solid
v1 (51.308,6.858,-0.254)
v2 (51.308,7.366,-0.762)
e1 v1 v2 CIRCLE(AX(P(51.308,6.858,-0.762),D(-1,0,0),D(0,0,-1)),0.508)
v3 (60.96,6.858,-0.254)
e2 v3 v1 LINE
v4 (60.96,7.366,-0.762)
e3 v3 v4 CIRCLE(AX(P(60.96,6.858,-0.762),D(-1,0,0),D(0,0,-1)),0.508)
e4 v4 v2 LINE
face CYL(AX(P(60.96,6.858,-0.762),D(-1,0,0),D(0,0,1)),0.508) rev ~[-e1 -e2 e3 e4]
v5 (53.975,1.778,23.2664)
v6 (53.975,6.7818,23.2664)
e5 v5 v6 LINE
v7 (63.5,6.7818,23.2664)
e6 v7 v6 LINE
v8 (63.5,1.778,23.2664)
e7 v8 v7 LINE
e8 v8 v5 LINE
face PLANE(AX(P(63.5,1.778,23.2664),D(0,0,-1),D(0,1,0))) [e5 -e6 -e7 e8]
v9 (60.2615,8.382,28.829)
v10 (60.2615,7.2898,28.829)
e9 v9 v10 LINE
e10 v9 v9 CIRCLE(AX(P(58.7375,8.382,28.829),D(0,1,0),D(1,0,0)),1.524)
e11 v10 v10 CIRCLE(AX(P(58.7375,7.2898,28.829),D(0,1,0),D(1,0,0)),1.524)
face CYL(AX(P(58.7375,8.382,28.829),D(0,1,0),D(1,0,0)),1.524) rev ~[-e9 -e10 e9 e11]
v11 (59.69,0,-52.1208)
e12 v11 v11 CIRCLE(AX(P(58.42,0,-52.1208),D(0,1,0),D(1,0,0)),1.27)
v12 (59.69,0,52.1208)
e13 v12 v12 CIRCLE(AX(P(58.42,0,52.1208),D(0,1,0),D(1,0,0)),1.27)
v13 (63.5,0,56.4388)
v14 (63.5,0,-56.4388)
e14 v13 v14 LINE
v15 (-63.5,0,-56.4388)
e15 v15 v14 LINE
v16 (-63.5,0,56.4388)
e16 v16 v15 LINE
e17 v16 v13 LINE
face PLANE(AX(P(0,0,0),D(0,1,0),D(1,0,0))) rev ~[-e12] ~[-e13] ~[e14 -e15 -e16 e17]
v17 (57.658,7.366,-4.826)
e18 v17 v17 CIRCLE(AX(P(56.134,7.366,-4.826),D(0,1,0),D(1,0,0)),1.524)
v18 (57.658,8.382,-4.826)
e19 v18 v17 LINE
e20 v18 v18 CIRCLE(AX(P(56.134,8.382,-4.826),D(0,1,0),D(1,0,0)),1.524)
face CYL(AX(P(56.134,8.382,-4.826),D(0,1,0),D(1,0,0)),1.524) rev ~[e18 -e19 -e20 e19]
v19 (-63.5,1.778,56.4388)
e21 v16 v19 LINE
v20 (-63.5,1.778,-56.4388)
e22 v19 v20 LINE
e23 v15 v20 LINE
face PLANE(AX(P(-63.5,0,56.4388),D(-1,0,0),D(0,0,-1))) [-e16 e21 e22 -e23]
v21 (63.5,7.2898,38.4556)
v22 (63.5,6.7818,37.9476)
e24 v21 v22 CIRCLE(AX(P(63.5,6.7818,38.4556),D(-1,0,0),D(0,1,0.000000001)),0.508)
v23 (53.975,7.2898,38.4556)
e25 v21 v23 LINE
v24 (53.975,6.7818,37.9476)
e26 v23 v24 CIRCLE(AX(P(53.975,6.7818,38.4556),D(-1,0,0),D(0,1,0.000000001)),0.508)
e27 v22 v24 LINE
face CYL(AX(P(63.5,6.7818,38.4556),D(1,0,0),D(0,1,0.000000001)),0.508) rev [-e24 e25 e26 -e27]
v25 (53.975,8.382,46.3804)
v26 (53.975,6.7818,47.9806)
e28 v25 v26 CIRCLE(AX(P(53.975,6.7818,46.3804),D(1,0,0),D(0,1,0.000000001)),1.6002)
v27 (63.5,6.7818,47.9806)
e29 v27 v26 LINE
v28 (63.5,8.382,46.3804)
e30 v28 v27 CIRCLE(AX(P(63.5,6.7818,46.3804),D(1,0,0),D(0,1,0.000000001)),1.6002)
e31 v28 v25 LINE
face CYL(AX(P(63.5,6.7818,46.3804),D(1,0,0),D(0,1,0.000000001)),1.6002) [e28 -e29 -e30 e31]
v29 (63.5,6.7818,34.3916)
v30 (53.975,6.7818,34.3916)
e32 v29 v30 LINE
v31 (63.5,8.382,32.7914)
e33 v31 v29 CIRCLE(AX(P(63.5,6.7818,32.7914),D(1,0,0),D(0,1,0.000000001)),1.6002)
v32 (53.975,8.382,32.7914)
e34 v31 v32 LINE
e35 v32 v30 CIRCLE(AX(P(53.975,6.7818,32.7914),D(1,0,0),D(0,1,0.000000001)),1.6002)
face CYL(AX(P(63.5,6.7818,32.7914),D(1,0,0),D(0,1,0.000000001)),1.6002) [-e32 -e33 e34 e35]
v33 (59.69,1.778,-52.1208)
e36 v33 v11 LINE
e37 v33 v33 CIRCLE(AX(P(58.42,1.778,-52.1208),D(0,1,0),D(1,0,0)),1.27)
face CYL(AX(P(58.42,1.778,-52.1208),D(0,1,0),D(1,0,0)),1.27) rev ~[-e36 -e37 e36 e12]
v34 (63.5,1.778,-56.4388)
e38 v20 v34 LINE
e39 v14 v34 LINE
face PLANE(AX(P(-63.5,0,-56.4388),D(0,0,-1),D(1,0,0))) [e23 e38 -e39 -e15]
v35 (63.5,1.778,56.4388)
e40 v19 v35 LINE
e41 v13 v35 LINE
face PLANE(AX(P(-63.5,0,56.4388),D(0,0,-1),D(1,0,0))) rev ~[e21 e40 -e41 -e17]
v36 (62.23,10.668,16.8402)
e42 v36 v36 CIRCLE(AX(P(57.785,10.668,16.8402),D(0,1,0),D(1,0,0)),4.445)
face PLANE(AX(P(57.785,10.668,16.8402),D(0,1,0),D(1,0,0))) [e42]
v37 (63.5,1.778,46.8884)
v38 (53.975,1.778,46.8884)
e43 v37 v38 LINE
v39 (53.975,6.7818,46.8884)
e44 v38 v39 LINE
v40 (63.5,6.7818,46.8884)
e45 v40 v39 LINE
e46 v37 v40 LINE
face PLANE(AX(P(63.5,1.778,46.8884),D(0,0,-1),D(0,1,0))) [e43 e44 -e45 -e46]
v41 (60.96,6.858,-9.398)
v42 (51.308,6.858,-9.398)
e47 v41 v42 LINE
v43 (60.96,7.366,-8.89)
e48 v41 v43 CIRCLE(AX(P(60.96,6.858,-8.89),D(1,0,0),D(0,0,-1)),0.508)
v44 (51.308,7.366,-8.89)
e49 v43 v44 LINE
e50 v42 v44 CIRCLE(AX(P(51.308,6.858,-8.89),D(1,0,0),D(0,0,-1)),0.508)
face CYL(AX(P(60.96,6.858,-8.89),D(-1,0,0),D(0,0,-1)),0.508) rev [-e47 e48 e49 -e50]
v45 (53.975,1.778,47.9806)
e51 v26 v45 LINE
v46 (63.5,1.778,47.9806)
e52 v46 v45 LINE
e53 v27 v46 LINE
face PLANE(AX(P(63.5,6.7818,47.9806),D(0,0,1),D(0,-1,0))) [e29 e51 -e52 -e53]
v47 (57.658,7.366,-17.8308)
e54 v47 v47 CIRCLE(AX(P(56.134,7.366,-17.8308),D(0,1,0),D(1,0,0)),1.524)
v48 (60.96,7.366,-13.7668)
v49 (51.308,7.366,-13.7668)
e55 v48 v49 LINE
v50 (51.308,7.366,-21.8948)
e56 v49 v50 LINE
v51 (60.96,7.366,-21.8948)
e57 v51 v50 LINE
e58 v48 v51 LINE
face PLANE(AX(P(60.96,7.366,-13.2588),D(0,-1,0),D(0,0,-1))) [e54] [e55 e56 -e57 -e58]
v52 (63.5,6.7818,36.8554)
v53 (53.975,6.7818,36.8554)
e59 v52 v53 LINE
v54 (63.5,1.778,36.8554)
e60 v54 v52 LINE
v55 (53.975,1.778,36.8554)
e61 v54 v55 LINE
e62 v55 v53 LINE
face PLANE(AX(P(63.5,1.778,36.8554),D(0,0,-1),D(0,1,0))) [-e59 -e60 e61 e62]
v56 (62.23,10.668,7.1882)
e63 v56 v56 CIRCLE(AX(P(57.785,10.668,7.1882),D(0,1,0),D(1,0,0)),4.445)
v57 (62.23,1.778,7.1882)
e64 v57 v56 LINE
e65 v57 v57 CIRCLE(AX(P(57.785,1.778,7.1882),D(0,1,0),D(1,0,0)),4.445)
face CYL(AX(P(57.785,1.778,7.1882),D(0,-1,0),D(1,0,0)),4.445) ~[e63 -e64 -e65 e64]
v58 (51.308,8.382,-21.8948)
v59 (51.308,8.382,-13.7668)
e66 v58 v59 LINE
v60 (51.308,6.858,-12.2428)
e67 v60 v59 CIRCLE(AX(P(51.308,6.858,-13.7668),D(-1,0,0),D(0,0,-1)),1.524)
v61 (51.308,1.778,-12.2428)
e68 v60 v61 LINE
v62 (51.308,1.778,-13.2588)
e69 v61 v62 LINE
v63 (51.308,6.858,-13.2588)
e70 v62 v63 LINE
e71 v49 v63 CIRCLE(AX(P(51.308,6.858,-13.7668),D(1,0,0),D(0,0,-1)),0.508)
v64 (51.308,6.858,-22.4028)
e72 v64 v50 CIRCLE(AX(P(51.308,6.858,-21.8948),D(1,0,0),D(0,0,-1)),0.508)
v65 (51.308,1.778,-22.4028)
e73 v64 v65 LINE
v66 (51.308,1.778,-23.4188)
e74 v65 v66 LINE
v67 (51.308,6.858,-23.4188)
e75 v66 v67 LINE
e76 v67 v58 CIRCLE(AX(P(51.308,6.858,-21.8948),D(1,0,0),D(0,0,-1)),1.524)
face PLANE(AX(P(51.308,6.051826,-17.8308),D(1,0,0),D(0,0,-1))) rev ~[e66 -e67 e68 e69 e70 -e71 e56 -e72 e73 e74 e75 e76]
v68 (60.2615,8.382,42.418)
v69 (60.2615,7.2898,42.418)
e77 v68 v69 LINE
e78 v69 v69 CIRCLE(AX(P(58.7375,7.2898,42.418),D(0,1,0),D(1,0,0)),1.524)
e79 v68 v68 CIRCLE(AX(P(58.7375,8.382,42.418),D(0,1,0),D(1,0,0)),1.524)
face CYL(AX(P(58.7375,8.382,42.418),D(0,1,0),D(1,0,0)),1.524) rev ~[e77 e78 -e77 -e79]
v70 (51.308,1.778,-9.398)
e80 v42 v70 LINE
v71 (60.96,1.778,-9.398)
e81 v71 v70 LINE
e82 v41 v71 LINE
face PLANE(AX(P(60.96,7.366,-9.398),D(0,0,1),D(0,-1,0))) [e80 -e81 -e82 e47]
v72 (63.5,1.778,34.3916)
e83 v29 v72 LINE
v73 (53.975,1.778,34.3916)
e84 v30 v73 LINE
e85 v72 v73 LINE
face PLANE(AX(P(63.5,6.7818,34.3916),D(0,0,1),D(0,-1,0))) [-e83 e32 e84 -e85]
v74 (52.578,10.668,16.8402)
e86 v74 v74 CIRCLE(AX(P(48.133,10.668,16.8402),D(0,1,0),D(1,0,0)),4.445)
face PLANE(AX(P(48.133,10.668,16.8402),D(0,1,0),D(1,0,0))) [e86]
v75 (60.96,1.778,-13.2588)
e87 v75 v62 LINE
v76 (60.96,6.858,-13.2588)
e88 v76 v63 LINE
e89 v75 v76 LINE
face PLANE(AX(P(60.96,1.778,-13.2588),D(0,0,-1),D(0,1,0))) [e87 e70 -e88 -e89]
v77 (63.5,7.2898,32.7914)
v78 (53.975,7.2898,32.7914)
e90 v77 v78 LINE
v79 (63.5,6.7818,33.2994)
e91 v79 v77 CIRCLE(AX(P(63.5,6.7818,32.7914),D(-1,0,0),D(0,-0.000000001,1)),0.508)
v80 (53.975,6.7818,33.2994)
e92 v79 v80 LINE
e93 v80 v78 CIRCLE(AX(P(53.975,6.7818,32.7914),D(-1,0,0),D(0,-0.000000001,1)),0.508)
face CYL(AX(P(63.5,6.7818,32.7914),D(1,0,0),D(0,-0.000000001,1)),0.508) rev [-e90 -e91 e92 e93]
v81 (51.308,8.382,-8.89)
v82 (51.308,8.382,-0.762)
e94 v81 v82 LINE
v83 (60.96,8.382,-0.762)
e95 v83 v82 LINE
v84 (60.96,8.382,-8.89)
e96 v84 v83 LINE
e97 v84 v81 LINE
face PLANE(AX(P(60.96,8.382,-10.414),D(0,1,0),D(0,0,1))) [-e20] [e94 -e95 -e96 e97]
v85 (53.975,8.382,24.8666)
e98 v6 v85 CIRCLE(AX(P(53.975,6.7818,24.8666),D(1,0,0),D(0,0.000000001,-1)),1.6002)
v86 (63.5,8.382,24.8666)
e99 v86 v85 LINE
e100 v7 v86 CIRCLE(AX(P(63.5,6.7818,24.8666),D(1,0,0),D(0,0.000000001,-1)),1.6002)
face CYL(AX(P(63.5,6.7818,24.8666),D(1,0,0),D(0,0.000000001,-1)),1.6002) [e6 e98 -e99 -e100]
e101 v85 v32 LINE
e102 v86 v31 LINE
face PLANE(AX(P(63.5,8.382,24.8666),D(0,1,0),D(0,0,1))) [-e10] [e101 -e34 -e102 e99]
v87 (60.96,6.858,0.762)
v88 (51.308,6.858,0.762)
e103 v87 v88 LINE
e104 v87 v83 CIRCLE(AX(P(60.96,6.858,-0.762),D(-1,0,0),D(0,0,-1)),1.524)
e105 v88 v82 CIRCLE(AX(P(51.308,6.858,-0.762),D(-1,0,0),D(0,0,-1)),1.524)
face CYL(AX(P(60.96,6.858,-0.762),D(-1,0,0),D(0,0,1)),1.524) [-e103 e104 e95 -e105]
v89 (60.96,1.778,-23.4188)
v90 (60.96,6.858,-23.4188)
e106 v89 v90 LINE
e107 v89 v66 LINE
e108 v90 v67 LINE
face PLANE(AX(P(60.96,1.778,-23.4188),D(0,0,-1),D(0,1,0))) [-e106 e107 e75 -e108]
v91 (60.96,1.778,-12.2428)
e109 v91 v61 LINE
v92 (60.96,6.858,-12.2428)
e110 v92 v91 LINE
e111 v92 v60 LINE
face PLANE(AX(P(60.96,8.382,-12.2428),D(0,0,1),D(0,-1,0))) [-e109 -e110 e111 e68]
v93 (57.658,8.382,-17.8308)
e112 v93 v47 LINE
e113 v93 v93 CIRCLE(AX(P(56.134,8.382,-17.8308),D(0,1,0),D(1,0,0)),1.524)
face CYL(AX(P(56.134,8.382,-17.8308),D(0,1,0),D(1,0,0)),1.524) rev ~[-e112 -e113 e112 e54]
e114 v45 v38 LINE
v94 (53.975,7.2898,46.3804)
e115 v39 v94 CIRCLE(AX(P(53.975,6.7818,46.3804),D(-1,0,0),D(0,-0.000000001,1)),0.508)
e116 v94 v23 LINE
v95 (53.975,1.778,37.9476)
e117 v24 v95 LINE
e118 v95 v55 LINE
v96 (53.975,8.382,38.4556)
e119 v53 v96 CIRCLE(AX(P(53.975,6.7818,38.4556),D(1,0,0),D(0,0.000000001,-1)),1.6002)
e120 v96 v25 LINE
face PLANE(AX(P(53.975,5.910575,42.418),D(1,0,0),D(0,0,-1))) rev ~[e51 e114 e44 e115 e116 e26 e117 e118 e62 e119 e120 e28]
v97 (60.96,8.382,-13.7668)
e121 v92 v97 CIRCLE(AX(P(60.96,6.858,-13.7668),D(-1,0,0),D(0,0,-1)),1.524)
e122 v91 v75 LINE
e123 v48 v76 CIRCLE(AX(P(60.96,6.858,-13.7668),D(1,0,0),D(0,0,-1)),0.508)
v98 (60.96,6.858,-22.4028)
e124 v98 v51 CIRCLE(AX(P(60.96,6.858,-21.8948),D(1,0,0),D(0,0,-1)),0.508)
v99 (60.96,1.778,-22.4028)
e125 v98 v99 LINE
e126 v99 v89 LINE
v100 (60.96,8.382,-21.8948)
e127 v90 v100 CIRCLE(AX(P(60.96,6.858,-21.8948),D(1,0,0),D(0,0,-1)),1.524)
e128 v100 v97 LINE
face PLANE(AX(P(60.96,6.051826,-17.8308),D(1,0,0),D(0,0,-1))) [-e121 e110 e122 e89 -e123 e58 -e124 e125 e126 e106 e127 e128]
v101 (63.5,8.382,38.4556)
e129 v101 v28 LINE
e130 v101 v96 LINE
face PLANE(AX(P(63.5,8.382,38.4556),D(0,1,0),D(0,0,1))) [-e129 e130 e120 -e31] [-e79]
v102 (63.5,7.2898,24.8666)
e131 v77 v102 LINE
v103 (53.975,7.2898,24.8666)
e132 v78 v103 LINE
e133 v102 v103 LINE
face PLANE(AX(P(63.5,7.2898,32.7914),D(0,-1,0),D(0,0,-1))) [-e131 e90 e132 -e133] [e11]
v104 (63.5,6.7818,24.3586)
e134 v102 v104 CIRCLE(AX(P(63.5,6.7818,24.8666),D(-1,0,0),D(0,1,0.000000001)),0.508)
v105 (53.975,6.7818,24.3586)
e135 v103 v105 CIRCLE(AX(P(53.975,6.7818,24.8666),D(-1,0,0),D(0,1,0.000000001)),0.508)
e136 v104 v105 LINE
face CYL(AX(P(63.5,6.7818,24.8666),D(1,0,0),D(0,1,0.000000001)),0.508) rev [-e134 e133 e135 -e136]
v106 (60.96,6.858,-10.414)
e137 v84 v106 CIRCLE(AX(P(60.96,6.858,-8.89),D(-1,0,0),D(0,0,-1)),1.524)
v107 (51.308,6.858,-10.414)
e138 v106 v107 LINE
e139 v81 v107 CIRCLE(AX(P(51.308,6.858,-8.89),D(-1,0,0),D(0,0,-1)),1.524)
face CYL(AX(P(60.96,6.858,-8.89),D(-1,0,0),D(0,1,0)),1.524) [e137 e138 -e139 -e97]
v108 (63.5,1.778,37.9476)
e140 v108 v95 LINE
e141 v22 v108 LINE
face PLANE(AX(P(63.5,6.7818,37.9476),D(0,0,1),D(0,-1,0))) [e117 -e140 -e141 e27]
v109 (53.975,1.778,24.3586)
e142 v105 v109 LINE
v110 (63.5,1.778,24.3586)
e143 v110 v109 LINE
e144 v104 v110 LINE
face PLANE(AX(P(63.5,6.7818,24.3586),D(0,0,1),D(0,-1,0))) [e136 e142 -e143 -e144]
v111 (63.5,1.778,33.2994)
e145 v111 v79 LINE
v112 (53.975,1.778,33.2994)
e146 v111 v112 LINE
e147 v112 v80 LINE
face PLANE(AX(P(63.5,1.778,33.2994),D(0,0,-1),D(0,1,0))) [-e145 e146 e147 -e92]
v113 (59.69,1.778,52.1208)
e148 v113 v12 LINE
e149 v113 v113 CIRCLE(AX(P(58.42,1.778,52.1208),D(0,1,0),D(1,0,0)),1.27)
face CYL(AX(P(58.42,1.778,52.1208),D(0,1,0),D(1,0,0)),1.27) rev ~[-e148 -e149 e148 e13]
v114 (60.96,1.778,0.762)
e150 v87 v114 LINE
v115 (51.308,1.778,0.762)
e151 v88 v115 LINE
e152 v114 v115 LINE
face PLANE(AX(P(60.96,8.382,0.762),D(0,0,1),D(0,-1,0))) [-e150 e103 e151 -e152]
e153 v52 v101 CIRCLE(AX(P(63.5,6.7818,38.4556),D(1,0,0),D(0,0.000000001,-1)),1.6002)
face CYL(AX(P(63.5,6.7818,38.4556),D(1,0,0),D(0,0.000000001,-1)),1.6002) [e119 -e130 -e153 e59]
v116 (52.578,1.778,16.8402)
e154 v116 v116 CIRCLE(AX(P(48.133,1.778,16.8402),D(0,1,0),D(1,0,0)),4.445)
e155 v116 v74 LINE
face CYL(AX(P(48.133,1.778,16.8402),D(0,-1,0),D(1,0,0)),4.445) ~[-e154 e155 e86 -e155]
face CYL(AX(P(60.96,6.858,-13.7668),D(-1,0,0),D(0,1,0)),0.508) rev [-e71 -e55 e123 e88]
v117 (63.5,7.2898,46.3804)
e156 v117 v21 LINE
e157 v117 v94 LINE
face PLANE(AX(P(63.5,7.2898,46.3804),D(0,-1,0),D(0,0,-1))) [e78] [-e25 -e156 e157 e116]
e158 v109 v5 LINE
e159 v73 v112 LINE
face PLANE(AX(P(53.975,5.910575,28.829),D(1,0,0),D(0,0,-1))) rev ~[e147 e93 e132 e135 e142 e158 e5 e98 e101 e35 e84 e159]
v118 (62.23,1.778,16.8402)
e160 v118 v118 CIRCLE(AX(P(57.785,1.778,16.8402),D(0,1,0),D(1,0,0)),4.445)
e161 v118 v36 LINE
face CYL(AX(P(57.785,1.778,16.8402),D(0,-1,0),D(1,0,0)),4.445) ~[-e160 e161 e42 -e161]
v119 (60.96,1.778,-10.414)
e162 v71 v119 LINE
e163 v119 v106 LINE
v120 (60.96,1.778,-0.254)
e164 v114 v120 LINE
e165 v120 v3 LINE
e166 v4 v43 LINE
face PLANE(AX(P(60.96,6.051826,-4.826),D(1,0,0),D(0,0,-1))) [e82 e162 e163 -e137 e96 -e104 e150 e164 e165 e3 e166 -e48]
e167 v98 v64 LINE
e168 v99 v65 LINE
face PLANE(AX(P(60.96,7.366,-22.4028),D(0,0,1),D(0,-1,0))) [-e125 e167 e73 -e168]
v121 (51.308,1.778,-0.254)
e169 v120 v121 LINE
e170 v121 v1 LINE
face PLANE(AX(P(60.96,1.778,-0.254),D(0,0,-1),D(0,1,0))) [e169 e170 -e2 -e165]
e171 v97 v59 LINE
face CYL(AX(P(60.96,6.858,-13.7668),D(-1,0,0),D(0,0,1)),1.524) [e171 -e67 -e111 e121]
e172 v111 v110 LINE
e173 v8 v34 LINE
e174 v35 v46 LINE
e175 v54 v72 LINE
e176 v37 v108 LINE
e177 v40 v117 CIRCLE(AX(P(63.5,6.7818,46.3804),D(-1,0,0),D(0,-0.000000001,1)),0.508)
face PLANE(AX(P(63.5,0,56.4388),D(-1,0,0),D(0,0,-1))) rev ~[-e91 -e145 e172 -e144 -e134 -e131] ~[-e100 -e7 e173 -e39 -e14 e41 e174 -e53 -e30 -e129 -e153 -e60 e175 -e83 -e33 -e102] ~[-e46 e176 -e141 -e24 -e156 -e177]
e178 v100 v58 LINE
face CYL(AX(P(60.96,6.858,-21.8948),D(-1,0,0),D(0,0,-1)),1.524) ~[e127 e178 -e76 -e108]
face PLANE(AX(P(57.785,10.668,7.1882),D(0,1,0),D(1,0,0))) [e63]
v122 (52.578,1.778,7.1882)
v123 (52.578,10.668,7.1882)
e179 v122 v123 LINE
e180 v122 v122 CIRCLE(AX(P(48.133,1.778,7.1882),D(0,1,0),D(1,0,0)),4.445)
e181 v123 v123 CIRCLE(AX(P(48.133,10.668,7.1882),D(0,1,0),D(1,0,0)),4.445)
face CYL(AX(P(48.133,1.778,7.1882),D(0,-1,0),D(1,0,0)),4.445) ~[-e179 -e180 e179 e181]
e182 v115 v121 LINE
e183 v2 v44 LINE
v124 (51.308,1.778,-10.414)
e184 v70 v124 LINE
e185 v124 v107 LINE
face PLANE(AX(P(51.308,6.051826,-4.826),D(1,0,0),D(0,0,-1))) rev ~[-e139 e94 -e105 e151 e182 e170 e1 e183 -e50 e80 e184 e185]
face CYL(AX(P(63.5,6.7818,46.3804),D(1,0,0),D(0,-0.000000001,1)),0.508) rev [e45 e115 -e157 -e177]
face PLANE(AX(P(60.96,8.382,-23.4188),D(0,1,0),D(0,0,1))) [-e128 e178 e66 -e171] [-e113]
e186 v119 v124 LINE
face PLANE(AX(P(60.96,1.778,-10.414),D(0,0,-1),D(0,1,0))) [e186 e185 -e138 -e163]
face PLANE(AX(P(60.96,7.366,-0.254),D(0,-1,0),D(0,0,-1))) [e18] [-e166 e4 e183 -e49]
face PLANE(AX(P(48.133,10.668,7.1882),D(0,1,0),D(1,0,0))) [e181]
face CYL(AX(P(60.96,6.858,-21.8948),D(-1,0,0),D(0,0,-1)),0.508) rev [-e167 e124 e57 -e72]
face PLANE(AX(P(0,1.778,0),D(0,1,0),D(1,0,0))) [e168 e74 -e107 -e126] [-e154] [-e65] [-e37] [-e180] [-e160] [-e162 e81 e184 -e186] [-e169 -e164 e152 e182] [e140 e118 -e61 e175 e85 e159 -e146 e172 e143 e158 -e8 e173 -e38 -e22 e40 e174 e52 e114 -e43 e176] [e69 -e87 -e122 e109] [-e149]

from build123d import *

# Parameters (mm, degrees)
SKETCH1_W           = 127
SKETCH1_H           = 112.8776
BOSS_EXTRUDE1_DEPTH = 1.778
SKETCH2_R           = 1.27
CUT_EXTRUDE1_DEPTH  = 1.778
BOSS_EXTRUDE2_DEPTH = 9.525
SKETCH4_R           = 1.524
CUT_EXTRUDE2_DEPTH  = 1.0922
LPATTERN1_COUNT     = 2
LPATTERN1_PITCH     = 13.589
BOSS_EXTRUDE3_DEPTH = 9.652
SKETCH6_R           = 1.524
CUT_EXTRUDE3_DEPTH  = 1.016
FILLET1_R           = 1.524
FILLET2_R           = 0.508
LPATTERN2_COUNT     = 2
LPATTERN2_PITCH     = 13.0048
SKETCH7_R           = 1.524
CUT_EXTRUDE4_DEPTH  = 1.016
FILLET3_R           = 0.508
FILLET4_R           = 1.524
SKETCH8_R           = 4.445
BOSS_EXTRUDE4_DEPTH = 8.89


with BuildPart() as part:
    # Sketch1 → Boss-Extrude1 (new body)
    with BuildSketch(Plane(origin=(0, 0, 0), x_dir=(1, 0, 0), z_dir=(0, 1, 0))):
        Rectangle(SKETCH1_W, SKETCH1_H)
    extrude(amount=BOSS_EXTRUDE1_DEPTH)

    # Sketch2 → Cut-Extrude1 (cut)
    with BuildSketch(Plane(origin=(0, 1.778, 0), x_dir=(1, 0, 0), z_dir=(0, 1, 0))):
        with Locations((58.42, 52.1208)):
            Circle(SKETCH2_R)
        with Locations((58.42, -52.1208)):
            Circle(SKETCH2_R)
    extrude(amount=-CUT_EXTRUDE1_DEPTH, mode=Mode.SUBTRACT)

    # Sketch3 → Boss-Extrude2 (add)
    with BuildSketch(Plane(origin=(63.5, 0, 0), x_dir=(0, 0, -1), z_dir=(1, 0, 0))):
        with BuildLine():
            Line((-46.8884, 1.778), (-46.8884, 6.7818))
            ThreePointArc((-46.8884, 6.7818), (-46.739610245, 7.141010245), (-46.3804, 7.2898))
            Line((-46.3804, 7.2898), (-38.4556, 7.2898))
            ThreePointArc((-38.4556, 7.2898), (-38.096389755, 7.141010245), (-37.9476, 6.7818))
            Line((-37.9476, 6.7818), (-37.9476, 1.778))
            Line((-37.9476, 1.778), (-36.8554, 1.778))
            Line((-36.8554, 1.778), (-36.8554, 6.7818))
            ThreePointArc((-36.8554, 6.7818), (-37.324087729, 7.913312271), (-38.4556, 8.382))
            Line((-38.4556, 8.382), (-46.3804, 8.382))
            ThreePointArc((-46.3804, 8.382), (-47.511912271, 7.913312271), (-47.9806, 6.7818))
            Line((-47.9806, 6.7818), (-47.9806, 1.778))
            Line((-47.9806, 1.778), (-46.8884, 1.778))
        make_face()
    boss_extrude2 = extrude(amount=-BOSS_EXTRUDE2_DEPTH)

    # Sketch4 → Cut-Extrude2 (cut)
    with BuildSketch(Plane(origin=(0, 8.382, 0), x_dir=(1, 0, 0), z_dir=(0, 1, 0))):
        with Locations((58.7375, -42.418)):
            Circle(SKETCH4_R)
    cut_extrude2 = extrude(amount=-CUT_EXTRUDE2_DEPTH, mode=Mode.SUBTRACT)

    # LPattern1: Boss-Extrude2, Cut-Extrude2 ×2
    with Locations(*[(0, 0, -i * LPATTERN1_PITCH) for i in range(1, LPATTERN1_COUNT)]):
        add(boss_extrude2)
        add(cut_extrude2, mode=Mode.SUBTRACT)

    # Sketch5 → Boss-Extrude3 (add)
    with BuildSketch(Plane(origin=(60.96, 0, 0), x_dir=(0, 0, -1), z_dir=(1, 0, 0))):
        Polygon((23.4188, 1.778), (23.4188, 8.382), (12.2428, 8.382), (12.2428, 1.778), (13.2588, 1.778), (13.2588, 7.366), (22.4028, 7.366), (22.4028, 1.778), align=None)
    boss_extrude3 = extrude(amount=-BOSS_EXTRUDE3_DEPTH)

    # Sketch6 → Cut-Extrude3 (cut)
    with BuildSketch(Plane(origin=(0, 8.382, 0), x_dir=(1, 0, 0), z_dir=(0, 1, 0))):
        with Locations((56.134, 17.8308)):
            Circle(SKETCH6_R)
    extrude(amount=-CUT_EXTRUDE3_DEPTH, mode=Mode.SUBTRACT)

    # Fillet1
    fillet1_edges = [part.edges().sort_by_distance(p)[0] for p in [
        (56.134, 8.382, -12.2428),
        (56.134, 8.382, -23.4188),
    ]]
    fillet(fillet1_edges, radius=FILLET1_R)

    # Fillet2
    fillet2_edges = [part.edges().sort_by_distance(p)[0] for p in [
        (56.134, 7.366, -22.4028),
        (56.134, 7.366, -13.2588),
    ]]
    fillet(fillet2_edges, radius=FILLET2_R)

    # LPattern2: Boss-Extrude3 ×2
    with Locations(*[(0, 0, i * LPATTERN2_PITCH) for i in range(1, LPATTERN2_COUNT)]):
        add(boss_extrude3)

    # Sketch7 → Cut-Extrude4 (cut)
    with BuildSketch(Plane(origin=(0, 8.382, 0), x_dir=(1, 0, 0), z_dir=(0, 1, 0))):
        with Locations((56.134, 4.826)):
            Circle(SKETCH7_R)
    extrude(amount=-CUT_EXTRUDE4_DEPTH, mode=Mode.SUBTRACT)

    # Fillet3
    fillet3_edges = [part.edges().sort_by_distance(p)[0] for p in [
        (56.134, 7.366, -9.398),
        (56.134, 7.366, -0.254),
    ]]
    fillet(fillet3_edges, radius=FILLET3_R)

    # Fillet4
    fillet4_edges = [part.edges().sort_by_distance(p)[0] for p in [
        (56.134, 8.382, 0.762),
        (56.134, 8.382, -10.414),
    ]]
    fillet(fillet4_edges, radius=FILLET4_R)

    # Sketch8 → Boss-Extrude4 (add)
    with BuildSketch(Plane(origin=(0, 1.778, 0), x_dir=(1, 0, 0), z_dir=(0, 1, 0))):
        with Locations((57.785, -7.1882)):
            Circle(SKETCH8_R)
        with Locations((57.785, -16.8402)):
            Circle(SKETCH8_R)
        with Locations((48.133, -7.1882)):
            Circle(SKETCH8_R)
        with Locations((48.133, -16.8402)):
            Circle(SKETCH8_R)
    extrude(amount=BOSS_EXTRUDE4_DEPTH)


solid = part.part
